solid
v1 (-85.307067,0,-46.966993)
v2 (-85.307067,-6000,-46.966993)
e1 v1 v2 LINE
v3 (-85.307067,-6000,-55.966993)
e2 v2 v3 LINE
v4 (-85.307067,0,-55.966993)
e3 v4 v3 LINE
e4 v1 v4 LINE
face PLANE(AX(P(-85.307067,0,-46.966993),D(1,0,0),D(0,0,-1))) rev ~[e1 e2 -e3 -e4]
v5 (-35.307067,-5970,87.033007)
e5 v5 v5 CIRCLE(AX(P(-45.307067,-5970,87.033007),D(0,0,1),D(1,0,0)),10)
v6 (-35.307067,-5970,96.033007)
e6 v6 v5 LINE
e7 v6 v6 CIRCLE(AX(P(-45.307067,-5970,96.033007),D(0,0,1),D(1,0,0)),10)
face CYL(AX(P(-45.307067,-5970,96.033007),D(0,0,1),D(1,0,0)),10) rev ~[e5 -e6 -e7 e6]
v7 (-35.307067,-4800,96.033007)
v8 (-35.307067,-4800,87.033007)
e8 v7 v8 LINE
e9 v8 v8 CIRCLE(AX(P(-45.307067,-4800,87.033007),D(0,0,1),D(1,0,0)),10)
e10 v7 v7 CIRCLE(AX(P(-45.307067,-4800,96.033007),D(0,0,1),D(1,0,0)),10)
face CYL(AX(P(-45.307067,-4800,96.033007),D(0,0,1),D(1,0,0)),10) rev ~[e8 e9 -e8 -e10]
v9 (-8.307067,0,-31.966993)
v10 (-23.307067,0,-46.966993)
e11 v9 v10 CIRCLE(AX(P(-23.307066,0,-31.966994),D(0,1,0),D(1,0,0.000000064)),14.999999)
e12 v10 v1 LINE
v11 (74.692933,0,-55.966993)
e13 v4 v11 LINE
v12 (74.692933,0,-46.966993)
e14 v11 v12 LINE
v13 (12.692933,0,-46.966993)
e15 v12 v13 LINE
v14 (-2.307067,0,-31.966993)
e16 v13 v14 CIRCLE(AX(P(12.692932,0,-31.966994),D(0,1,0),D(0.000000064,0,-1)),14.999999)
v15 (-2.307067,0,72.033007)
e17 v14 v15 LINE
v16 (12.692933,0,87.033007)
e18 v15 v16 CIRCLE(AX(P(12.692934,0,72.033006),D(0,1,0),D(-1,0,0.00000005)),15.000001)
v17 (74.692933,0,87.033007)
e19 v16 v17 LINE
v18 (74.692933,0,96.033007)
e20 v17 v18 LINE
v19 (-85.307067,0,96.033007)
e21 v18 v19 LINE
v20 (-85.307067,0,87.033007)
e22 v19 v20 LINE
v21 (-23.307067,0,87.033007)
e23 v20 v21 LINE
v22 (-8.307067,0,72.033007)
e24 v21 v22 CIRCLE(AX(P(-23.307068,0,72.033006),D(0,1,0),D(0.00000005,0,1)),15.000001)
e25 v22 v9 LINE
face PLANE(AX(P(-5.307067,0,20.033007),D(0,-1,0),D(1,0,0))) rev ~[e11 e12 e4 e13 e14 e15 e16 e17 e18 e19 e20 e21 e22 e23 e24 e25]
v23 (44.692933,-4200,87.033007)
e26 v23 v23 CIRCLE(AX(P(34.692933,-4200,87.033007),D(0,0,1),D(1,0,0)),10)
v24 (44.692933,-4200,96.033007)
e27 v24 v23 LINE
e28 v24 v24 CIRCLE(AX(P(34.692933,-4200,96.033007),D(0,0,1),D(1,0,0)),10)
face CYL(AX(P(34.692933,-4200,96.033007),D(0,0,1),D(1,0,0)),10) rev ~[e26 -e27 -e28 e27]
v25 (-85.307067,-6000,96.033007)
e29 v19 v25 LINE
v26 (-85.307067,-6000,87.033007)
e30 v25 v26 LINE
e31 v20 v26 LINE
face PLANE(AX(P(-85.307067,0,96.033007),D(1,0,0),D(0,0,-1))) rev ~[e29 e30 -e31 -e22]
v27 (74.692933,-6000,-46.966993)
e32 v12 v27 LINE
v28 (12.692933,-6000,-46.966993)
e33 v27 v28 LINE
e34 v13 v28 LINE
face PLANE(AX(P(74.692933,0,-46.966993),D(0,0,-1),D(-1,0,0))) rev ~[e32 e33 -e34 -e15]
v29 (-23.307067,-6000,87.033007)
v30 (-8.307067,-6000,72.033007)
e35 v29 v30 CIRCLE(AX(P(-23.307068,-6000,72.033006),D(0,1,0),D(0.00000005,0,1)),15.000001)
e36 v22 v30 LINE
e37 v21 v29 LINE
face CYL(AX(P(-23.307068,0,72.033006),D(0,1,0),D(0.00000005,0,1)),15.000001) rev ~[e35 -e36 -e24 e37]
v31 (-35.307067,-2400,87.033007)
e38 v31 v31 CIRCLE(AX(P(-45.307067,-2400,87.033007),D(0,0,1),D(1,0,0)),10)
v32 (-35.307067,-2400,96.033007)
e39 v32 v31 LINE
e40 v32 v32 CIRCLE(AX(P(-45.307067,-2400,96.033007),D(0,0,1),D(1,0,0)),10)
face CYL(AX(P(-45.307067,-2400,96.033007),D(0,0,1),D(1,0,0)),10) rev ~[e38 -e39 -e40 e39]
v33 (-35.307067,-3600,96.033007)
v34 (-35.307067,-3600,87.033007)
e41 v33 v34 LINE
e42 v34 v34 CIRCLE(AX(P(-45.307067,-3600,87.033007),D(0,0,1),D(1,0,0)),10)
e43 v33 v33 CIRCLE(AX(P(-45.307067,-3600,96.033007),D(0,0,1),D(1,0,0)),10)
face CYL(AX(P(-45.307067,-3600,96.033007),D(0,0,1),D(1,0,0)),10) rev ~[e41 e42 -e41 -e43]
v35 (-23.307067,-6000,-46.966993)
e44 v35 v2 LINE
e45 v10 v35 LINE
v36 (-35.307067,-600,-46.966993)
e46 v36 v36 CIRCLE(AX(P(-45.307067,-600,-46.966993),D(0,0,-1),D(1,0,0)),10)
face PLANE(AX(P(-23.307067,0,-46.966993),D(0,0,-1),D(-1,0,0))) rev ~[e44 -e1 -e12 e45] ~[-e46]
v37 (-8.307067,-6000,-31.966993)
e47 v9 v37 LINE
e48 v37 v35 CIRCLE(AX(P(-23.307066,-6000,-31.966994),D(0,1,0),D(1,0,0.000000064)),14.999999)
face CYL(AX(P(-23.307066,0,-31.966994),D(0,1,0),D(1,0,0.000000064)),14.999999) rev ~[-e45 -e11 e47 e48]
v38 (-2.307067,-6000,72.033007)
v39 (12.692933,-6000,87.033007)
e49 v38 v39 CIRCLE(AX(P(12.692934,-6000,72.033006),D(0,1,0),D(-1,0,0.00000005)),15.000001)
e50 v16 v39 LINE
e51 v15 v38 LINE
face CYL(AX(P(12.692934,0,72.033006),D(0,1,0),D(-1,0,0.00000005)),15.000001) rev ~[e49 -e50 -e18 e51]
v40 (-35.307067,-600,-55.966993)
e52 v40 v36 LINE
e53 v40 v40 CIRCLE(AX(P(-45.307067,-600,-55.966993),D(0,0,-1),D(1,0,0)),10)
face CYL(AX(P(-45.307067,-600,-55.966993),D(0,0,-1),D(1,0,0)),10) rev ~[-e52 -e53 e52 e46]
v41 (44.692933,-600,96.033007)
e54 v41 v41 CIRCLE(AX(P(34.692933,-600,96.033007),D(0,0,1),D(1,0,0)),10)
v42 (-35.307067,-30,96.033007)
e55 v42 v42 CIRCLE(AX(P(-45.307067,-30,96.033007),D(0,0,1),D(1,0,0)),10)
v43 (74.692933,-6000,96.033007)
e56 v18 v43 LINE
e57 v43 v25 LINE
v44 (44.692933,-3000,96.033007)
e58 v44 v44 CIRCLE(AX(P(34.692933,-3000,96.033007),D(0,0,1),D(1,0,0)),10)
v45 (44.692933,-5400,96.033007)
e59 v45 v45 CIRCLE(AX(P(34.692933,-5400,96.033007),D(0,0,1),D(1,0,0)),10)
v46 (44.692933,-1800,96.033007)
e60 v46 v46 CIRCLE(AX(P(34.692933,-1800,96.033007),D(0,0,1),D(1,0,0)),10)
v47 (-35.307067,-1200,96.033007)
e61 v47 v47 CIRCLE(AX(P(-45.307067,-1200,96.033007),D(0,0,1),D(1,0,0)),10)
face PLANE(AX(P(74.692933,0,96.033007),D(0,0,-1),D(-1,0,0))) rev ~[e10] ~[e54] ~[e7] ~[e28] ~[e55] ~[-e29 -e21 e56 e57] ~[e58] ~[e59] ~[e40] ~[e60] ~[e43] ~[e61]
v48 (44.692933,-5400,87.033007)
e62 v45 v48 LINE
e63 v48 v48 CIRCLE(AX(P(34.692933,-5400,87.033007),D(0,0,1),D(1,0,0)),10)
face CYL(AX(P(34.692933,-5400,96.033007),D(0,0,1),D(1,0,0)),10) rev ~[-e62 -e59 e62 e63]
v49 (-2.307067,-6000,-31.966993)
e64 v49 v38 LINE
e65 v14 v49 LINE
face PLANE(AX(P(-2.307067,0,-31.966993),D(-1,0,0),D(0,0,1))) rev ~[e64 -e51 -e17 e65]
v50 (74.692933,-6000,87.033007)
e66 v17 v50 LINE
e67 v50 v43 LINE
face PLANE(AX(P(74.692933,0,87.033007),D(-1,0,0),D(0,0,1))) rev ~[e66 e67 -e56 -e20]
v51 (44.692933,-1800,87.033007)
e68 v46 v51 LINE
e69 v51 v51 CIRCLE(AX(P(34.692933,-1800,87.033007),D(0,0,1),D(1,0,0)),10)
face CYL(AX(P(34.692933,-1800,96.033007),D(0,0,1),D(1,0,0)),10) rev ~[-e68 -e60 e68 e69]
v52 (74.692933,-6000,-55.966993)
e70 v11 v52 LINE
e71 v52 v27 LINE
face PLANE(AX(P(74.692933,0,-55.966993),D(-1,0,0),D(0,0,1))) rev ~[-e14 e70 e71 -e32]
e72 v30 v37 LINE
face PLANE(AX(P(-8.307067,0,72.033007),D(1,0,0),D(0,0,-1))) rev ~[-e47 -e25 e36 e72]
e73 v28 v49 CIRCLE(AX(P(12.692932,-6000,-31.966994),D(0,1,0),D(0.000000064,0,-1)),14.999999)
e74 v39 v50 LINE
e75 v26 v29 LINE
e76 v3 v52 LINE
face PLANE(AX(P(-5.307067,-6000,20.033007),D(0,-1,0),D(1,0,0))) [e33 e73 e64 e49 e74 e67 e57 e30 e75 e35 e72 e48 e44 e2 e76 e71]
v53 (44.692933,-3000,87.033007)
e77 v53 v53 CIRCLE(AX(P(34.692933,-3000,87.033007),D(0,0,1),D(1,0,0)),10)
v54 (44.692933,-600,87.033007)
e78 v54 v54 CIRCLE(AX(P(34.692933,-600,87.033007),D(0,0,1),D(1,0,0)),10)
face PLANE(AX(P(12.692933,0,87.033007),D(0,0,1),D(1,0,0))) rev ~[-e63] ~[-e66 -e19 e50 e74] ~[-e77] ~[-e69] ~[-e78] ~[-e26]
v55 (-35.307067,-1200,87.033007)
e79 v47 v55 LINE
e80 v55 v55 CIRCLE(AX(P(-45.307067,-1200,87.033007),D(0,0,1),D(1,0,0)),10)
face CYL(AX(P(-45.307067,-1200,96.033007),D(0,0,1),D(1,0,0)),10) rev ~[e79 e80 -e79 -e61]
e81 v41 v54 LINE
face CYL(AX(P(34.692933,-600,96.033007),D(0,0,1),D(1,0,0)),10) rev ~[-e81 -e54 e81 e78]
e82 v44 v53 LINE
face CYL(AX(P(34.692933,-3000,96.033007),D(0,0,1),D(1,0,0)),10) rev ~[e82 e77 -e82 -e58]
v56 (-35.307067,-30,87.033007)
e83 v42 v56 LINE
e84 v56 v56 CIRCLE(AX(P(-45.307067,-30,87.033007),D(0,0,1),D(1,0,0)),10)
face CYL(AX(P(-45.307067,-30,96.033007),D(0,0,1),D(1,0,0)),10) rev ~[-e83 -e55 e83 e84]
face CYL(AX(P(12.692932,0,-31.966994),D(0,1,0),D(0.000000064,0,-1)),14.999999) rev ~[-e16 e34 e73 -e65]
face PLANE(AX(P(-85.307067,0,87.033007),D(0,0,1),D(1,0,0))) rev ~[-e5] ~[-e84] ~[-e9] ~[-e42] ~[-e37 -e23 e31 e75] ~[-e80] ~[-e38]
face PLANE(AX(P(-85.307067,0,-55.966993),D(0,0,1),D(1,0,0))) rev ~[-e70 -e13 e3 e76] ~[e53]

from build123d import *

# Parameters (mm, degrees)
F1_DEPTH = 6000
F2_R     = 10
F3_DEPTH = 25
F4_R     = 10
F5_DEPTH = 25


with BuildPart() as f1:
    # F0 (on Front) → F1 (new body)
    with BuildSketch(Plane.XZ):
        with BuildLine():
            Line((-23.307067, -46.966993), (-85.307067, -46.966993))
            Line((-85.307067, -46.966993), (-85.307067, -55.966993))
            Line((-85.307067, -55.966993), (74.692933, -55.966993))
            Line((74.692933, -55.966993), (74.692933, -46.966993))
            Line((74.692933, -46.966993), (12.692933, -46.966993))
            ThreePointArc((12.692933, -46.966993), (2.086331, -42.573595), (-2.307067, -31.966993))
            Line((-2.307067, -31.966993), (-2.307067, 72.033007))
            ThreePointArc((-2.307067, 72.033007), (2.086331, 82.639608), (12.692933, 87.033007))
            Line((12.692933, 87.033007), (74.692933, 87.033007))
            Line((74.692933, 87.033007), (74.692933, 96.033007))
            Line((74.692933, 96.033007), (-85.307067, 96.033007))
            Line((-85.307067, 96.033007), (-85.307067, 87.033007))
            Line((-85.307067, 87.033007), (-23.307067, 87.033007))
            ThreePointArc((-23.307067, 87.033007), (-12.700465, 82.639608), (-8.307067, 72.033007))
            Line((-8.307067, 72.033007), (-8.307067, -31.966993))
            ThreePointArc((-8.307067, -31.966993), (-12.700465, -42.573595), (-23.307067, -46.966993))
        make_face()
    extrude(amount=F1_DEPTH)

    # F2 (on face) → F3 (cut)
    with BuildSketch(Plane.XY.offset(96.033007)):
        with Locations((34.692933, -6600)):
            Circle(F2_R)
        with Locations((34.692933, -5400)):
            Circle(F2_R)
        with Locations((-45.307067, -5970)):
            Circle(F2_R)
        with Locations((-45.307067, -4800)):
            Circle(F2_R)
        with Locations((34.692933, -4200)):
            Circle(F2_R)
        with Locations((-45.307067, -3600)):
            Circle(F2_R)
        with Locations((34.692933, -3000)):
            Circle(F2_R)
        with Locations((-45.307067, -2400)):
            Circle(F2_R)
        with Locations((34.692933, -1800)):
            Circle(F2_R)
        with Locations((-45.307067, -1200)):
            Circle(F2_R)
        with Locations((34.692933, -600)):
            Circle(F2_R)
        with Locations((-45.307067, -30)):
            Circle(F2_R)
    extrude(amount=-F3_DEPTH, mode=Mode.SUBTRACT)

    # F4 (on face) → F5 (cut)
    with BuildSketch(Plane(origin=(0, 0, -55.966993), x_dir=(1, 0, 0), z_dir=(0, 0, -1))):
        with Locations((-45.307067, 600)):
            Circle(F4_R)
    extrude(amount=-F5_DEPTH, mode=Mode.SUBTRACT)


solid = f1.part
